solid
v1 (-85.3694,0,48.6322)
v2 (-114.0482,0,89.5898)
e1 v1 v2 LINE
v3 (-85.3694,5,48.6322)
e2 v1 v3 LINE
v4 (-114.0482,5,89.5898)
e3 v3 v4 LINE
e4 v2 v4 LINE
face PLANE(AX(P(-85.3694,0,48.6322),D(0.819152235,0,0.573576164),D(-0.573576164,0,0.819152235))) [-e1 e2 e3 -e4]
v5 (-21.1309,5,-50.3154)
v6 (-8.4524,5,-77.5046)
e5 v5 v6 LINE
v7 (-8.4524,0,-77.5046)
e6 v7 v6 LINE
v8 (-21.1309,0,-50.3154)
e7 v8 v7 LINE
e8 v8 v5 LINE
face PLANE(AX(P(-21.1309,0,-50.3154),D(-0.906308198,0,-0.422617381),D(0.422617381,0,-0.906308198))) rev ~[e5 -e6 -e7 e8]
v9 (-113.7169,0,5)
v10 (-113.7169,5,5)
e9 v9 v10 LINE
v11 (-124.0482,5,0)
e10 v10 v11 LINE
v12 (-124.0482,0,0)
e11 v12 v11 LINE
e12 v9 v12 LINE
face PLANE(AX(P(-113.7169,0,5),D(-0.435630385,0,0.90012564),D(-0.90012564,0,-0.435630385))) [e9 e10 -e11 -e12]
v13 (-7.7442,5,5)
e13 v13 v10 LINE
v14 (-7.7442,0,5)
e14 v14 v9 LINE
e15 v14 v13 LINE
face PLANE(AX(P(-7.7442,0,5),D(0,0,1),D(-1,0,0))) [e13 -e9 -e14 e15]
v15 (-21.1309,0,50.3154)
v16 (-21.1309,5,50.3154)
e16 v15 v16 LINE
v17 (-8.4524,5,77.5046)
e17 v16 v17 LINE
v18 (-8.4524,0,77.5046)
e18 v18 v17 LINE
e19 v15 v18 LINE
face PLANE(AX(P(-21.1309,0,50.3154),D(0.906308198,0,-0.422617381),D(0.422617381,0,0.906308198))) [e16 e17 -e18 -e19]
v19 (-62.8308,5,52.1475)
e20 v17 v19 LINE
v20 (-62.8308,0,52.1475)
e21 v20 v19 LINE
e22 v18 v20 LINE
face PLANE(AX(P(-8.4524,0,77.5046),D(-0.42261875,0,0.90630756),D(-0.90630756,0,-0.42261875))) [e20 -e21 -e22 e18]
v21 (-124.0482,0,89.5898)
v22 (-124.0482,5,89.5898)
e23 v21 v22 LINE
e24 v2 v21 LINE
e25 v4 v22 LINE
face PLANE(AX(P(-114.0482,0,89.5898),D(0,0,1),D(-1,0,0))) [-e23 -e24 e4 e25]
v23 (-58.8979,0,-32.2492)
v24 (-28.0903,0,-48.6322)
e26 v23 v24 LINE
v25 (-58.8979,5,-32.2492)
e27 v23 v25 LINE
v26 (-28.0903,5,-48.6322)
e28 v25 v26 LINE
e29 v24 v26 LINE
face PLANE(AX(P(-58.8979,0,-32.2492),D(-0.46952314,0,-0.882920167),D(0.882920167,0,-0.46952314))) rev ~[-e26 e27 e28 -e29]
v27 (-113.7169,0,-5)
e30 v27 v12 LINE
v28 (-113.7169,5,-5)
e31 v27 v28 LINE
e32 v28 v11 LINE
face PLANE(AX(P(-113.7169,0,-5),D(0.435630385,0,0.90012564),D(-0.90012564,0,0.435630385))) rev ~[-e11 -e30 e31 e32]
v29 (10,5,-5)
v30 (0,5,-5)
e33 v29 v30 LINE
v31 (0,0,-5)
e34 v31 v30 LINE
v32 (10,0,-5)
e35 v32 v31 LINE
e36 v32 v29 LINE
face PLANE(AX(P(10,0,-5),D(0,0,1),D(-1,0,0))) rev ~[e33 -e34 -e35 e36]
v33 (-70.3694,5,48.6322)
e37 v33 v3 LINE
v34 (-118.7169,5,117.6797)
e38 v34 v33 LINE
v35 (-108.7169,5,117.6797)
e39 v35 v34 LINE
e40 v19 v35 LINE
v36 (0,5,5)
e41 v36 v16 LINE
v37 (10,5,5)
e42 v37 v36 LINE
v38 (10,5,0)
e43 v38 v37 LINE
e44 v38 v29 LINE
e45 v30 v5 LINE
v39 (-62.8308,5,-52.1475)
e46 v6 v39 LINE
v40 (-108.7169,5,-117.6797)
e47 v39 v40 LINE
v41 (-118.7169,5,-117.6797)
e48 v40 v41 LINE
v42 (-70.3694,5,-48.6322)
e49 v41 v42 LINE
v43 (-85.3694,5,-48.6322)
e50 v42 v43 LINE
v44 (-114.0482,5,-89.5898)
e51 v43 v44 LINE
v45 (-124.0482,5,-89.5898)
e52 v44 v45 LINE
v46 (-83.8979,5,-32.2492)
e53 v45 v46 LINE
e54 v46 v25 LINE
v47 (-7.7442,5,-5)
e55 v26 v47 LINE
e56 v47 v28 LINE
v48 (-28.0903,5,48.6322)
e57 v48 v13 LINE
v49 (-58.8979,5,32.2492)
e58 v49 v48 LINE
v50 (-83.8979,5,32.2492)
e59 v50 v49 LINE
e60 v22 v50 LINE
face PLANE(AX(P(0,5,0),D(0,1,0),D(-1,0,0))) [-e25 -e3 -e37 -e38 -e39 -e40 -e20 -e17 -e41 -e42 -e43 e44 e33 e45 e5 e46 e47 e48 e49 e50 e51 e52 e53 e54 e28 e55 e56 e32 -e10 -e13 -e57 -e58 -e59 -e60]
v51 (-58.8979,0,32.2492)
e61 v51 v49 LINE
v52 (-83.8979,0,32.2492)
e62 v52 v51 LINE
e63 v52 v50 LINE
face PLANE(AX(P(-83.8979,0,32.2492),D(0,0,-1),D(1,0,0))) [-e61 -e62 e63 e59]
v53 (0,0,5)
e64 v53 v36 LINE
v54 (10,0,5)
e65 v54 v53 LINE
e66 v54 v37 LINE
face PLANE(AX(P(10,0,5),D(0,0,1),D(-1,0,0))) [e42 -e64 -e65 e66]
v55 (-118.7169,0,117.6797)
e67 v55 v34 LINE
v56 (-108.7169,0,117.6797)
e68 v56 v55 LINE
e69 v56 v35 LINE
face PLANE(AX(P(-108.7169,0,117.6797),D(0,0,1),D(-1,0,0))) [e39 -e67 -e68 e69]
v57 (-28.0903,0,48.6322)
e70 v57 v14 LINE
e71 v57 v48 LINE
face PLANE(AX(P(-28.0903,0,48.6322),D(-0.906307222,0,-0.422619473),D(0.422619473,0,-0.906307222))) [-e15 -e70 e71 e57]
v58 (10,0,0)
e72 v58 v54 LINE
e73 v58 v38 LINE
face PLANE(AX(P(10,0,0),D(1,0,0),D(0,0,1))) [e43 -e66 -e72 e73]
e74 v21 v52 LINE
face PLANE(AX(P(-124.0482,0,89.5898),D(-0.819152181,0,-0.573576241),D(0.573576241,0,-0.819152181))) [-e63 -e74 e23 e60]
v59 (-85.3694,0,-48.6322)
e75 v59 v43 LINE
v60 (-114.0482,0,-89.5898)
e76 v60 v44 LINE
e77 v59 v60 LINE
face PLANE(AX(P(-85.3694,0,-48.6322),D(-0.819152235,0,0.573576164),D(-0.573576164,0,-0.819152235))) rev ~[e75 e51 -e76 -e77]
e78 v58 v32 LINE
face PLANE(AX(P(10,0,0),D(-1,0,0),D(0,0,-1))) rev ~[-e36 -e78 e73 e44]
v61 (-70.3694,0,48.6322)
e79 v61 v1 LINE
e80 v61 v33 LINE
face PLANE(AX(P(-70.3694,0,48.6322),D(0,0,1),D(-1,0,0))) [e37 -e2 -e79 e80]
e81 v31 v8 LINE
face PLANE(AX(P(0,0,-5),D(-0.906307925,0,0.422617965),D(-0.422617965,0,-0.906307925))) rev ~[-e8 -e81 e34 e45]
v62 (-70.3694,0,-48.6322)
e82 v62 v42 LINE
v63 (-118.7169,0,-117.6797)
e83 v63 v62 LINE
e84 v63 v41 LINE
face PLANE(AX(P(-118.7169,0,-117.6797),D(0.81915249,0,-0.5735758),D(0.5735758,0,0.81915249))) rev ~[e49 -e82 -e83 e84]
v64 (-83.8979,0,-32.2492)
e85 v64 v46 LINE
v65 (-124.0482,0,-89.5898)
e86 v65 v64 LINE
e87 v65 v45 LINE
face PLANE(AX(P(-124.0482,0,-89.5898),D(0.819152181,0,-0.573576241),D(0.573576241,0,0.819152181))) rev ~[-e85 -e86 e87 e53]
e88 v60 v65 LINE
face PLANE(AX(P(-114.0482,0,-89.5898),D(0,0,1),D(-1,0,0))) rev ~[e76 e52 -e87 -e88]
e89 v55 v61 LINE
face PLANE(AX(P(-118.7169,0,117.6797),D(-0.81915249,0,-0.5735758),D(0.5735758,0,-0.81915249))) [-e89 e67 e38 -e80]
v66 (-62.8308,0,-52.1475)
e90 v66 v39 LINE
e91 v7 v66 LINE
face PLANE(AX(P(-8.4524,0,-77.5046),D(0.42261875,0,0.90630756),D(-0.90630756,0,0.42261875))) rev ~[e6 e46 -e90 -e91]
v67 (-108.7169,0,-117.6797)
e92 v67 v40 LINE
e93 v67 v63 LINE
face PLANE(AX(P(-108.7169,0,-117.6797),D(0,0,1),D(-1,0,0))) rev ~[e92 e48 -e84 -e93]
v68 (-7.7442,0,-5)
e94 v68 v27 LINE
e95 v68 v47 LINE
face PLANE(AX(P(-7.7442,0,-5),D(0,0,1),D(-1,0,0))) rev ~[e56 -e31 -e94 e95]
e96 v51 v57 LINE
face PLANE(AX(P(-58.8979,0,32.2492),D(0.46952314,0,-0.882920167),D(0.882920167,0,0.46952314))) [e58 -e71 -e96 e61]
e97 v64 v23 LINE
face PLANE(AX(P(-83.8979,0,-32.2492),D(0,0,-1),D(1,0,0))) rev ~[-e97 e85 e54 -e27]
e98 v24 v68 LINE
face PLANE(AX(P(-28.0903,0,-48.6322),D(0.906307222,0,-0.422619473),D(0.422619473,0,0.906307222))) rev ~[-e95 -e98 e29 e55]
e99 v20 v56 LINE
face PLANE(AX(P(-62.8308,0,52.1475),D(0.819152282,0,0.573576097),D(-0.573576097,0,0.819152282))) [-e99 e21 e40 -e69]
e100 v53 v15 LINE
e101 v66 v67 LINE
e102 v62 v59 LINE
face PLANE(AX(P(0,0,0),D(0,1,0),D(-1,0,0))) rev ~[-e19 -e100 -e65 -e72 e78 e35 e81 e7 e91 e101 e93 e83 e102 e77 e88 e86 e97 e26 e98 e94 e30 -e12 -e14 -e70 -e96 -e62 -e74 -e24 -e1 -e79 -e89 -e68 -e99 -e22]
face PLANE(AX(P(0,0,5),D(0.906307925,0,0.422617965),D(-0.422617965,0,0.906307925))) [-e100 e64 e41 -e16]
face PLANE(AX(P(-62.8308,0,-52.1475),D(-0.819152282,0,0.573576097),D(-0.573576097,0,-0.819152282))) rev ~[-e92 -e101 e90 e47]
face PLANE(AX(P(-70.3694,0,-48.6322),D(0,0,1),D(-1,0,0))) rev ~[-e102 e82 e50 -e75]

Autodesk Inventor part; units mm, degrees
ref_plane "YZ Plane" through (0, 0, 0) normal (1, 0, 0) x (0, 1, 0)
ref_plane "XZ Plane" through (0, 0, 0) normal (0, 1, 0) x (-1, 0, 0)
ref_plane "XY Plane" through (0, 0, 0) normal (0, 0, 1) x (1, 0, 0)
sketch "Sketch1" plane through (0, 0, 0) normal (0, 1, 0) x (-1, 0, 0)
  line L0 (0, 0) -> (10, 0) construction
  line L1 (-10, 0) -> (-10, 5)
  line L2 (-10, 5) -> (0, 5)
  line L3 (-10, 0) -> (-10, -5)
  line L4 (-10, 0) -> (-5, 0) construction
  line L5 (-10, -5) -> (0, -5)
  line L6 (0, -5) -> (21.1309, -50.3154)
  line L7 (21.1309, -50.3154) -> (8.4524, -77.5046)
  line L8 (8.4524, -77.5046) -> (62.8308, -52.1475)
  line L9 (62.8308, -52.1475) -> (108.7169, -117.6797)
  line L10 (108.7169, -117.6797) -> (118.7169, -117.6797)
  line L11 (118.7169, -117.6797) -> (70.3694, -48.6322)
  line L12 (70.3694, -48.6322) -> (85.3694, -48.6322)
  line L13 (85.3694, -48.6322) -> (114.0482, -89.5898)
  line L14 (114.0482, -89.5898) -> (124.0482, -89.5898)
  line L15 (124.0482, -89.5898) -> (83.8979, -32.2492)
  line L16 (83.8979, -32.2492) -> (58.8979, -32.2492)
  line L17 (58.8979, -32.2492) -> (28.0903, -48.6322)
  line L18 (28.0903, -48.6322) -> (7.7442, -5)
  line L19 (7.7442, -5) -> (113.7169, -5)
  line L20 (113.7169, -5) -> (124.0482, 0)
  line L21 (-10, 0) -> (-10, 5)
  line L22 (-10, 5) -> (0, 5)
  line L23 (0, 5) -> (21.1309, 50.3154)
  line L24 (21.1309, 50.3154) -> (8.4524, 77.5046)
  line L25 (8.4524, 77.5046) -> (62.8308, 52.1475)
  line L26 (62.8308, 52.1475) -> (108.7169, 117.6797)
  line L27 (108.7169, 117.6797) -> (118.7169, 117.6797)
  line L28 (118.7169, 117.6797) -> (70.3694, 48.6322)
  line L29 (70.3694, 48.6322) -> (85.3694, 48.6322)
  line L30 (85.3694, 48.6322) -> (114.0482, 89.5898)
  line L31 (114.0482, 89.5898) -> (124.0482, 89.5898)
  line L32 (124.0482, 89.5898) -> (83.8979, 32.2492)
  line L33 (83.8979, 32.2492) -> (58.8979, 32.2492)
  line L34 (58.8979, 32.2492) -> (28.0903, 48.6322)
  line L35 (28.0903, 48.6322) -> (7.7442, 5)
  line L36 (7.7442, 5) -> (113.7169, 5)
  line L37 (113.7169, 5) -> (124.0482, 0)
  dimension "d2" = 5
  dimension "d4" = 10
  dimension "d6" = 5
  dimension "d7" = 90
  dimension "d8" = 10
  dimension "d9" = 90
  dimension "d10" = 50
  dimension "d12" = 30
  dimension "d13" = 130
  dimension "d14" = 60
  dimension "d15" = 80
  dimension "d16" = 100
  dimension "d17" = 10
  dimension "d18" = 125
  dimension "d19" = 15
  dimension "d20" = 55
  dimension "d21" = 50
  dimension "d22" = 125
  dimension "d23" = 10
  dimension "d24" = 125
  dimension "d25" = 70
  dimension "d26" = 55
extrude "Extrusion1" add sketch "Sketch1" along normal blind 5
properties part number "QQI"
